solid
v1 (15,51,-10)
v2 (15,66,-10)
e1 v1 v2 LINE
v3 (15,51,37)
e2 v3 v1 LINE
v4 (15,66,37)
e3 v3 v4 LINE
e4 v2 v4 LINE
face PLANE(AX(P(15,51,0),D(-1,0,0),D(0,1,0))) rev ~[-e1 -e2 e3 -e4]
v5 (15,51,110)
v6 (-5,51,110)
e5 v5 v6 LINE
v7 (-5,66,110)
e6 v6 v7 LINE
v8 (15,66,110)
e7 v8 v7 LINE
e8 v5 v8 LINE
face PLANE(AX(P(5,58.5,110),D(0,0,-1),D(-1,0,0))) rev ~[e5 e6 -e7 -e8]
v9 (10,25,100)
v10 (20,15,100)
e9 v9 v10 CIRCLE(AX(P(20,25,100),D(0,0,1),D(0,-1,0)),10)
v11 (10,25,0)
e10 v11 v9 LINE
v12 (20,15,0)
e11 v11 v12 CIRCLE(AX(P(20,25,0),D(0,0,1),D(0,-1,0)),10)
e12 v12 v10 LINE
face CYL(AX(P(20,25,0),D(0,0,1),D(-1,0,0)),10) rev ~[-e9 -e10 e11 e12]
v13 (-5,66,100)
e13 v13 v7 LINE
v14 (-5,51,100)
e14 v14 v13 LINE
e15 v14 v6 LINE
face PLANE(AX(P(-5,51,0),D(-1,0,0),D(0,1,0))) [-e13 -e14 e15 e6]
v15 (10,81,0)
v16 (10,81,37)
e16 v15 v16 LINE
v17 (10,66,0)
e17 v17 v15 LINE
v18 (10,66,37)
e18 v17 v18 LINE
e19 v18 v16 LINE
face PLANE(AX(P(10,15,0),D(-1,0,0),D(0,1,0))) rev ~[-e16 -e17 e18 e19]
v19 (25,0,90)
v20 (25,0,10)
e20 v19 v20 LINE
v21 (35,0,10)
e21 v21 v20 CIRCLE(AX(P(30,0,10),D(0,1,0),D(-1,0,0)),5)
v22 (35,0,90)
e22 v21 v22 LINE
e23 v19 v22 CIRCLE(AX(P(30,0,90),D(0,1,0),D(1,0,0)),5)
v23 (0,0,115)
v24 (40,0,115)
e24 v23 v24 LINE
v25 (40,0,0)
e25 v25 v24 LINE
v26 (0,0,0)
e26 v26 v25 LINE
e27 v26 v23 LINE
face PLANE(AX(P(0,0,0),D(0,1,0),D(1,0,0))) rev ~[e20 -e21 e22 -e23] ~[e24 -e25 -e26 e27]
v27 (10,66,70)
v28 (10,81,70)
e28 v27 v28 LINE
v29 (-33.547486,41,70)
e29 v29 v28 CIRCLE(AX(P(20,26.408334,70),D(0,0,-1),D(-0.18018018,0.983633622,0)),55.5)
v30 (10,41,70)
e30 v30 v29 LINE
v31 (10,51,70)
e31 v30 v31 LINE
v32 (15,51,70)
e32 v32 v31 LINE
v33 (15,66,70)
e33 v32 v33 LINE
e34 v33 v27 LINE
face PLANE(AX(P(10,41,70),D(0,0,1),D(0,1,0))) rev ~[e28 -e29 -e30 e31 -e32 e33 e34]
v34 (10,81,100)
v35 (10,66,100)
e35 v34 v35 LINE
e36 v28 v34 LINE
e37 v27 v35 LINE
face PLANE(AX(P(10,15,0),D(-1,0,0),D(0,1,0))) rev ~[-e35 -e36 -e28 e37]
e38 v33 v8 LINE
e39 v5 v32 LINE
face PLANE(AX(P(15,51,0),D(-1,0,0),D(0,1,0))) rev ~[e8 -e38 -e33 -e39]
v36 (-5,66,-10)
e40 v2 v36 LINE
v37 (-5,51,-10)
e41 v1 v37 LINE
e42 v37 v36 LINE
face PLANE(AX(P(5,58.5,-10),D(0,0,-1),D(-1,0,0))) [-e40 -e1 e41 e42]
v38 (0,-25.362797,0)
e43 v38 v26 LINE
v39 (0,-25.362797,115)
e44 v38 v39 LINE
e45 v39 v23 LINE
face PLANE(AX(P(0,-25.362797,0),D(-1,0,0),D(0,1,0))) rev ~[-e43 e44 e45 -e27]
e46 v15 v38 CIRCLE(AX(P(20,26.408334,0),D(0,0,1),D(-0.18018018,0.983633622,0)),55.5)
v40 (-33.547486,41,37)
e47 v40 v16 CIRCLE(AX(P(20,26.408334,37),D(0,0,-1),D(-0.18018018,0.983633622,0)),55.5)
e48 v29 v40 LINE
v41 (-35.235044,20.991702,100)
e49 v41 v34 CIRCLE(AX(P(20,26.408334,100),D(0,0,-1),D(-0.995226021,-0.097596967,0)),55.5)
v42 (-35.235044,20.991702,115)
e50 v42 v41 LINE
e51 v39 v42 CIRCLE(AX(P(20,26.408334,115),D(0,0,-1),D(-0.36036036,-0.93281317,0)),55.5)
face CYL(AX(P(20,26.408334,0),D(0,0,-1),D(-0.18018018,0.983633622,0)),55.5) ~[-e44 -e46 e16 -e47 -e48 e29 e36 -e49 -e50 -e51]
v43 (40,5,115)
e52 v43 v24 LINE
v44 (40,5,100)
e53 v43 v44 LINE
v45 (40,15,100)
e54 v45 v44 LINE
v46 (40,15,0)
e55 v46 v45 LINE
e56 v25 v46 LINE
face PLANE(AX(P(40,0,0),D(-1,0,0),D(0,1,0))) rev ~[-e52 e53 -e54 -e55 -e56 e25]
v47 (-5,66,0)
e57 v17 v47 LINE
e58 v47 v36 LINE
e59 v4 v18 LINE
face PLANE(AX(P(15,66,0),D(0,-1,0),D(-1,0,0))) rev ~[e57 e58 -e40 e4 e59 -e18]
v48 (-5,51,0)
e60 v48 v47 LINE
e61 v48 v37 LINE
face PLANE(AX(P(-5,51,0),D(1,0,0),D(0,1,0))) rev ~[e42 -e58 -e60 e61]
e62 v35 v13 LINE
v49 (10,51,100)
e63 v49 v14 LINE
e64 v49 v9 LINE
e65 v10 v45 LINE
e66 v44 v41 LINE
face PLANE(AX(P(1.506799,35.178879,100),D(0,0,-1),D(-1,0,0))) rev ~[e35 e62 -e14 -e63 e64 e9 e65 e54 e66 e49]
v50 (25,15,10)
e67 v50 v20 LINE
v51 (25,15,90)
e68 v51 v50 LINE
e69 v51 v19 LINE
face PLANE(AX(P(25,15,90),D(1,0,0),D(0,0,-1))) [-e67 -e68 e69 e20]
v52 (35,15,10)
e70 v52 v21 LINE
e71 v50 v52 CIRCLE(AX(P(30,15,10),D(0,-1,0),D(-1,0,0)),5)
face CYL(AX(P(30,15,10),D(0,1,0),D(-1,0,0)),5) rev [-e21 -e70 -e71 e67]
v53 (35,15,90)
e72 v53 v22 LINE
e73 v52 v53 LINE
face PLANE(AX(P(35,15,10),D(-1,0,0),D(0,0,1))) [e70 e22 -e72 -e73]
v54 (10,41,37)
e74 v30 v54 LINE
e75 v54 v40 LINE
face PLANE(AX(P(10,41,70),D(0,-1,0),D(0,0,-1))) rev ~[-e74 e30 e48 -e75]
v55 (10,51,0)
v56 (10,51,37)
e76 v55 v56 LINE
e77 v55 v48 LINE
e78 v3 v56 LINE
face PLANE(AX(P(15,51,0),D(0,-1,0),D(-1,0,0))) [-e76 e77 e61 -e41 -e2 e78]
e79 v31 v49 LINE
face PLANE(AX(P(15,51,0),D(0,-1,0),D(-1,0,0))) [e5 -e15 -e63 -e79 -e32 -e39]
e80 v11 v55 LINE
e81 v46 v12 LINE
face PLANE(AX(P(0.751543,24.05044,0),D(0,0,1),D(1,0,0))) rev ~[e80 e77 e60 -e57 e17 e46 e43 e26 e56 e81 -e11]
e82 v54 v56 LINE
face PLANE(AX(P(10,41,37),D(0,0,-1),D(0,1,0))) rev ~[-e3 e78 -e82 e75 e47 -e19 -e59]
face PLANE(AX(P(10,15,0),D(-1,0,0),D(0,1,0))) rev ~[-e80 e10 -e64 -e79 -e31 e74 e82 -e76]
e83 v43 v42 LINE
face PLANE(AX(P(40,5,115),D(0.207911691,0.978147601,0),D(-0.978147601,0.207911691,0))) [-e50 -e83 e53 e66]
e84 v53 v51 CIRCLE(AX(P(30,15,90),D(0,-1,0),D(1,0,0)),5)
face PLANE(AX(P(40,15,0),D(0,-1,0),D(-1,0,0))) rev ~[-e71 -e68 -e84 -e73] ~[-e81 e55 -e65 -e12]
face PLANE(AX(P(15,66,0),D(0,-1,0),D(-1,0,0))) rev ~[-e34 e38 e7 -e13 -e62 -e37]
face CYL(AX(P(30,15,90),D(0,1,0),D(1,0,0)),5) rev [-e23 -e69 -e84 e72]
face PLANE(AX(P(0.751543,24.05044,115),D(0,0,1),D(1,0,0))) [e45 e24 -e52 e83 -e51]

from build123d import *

# Parameters (mm, degrees)
BOSS_EXTRUDE1_DEPTH      = 115
CUT_EXTRUDE1_DEPTH       = 1
CUT_EXTRUDE1_DEPTH_BACK  = 15
SKETCH3_W                = 20
SKETCH3_H                = 15
BOSS_EXTRUDE2_DEPTH      = 10
BOSS_EXTRUDE2_DEPTH_BACK = 110
SKETCH4_W                = 33
SKETCH4_H                = 40
CUT_EXTRUDE2_DEPTH       = 31
CUT_EXTRUDE2_DEPTH_BACK  = 46.5
CUT_EXTRUDE4_DEPTH       = 67
CUT_EXTRUDE4_DEPTH_BACK  = 41.362796982
FILLET1_R                = 10


with BuildPart() as part:
    # Sketch1 → Boss-Extrude1 (new body)
    with BuildSketch(Plane.XY):
        with BuildLine():
            Line((0, 0), (40, 0))
            Line((40, 0), (40, 15))
            Line((40, 15), (10, 15))
            Line((10, 15), (10, 81))
            ThreePointArc((10, 81), (-35.256322222, 31.603413808), (0, -25.362796982))
            Line((0, -25.362796982), (0, 0))
        make_face()
    extrude(amount=BOSS_EXTRUDE1_DEPTH)

    # Sketch2 → Cut-Extrude1 (cut, two sides)
    with BuildSketch(Plane.XY.offset(115)) as cut_extrude1_sk:
        with BuildLine():
            Line((40, 5), (-35.235044142, 20.9917023))
            ThreePointArc((-35.235044142, 20.9917023), (-24.318751046, 59.816391467), (10, 81))
            Line((10, 81), (10, 15))
            Line((10, 15), (40, 15))
            Line((40, 15), (40, 5))
        make_face()
    extrude(amount=CUT_EXTRUDE1_DEPTH, mode=Mode.SUBTRACT)
    extrude(cut_extrude1_sk.sketch, amount=-CUT_EXTRUDE1_DEPTH_BACK, mode=Mode.SUBTRACT)

    # Sketch3 → Boss-Extrude2 (add, two sides)
    with BuildSketch(Plane(origin=(0, 0, 0), x_dir=(-1, 0, 0), z_dir=(0, 0, -1))) as boss_extrude2_sk:
        with Locations((-5, 58.5)):
            Rectangle(SKETCH3_W, SKETCH3_H)
    extrude(amount=BOSS_EXTRUDE2_DEPTH)
    extrude(boss_extrude2_sk.sketch, amount=-BOSS_EXTRUDE2_DEPTH_BACK)

    # Sketch4 → Cut-Extrude2 (cut, two sides)
    with BuildSketch(Plane(origin=(10, 0, 0), x_dir=(0, 0, -1), z_dir=(1, 0, 0))) as cut_extrude2_sk:
        with Locations((-53.5, 61)):
            Rectangle(SKETCH4_W, SKETCH4_H)
    extrude(amount=CUT_EXTRUDE2_DEPTH, mode=Mode.SUBTRACT)
    extrude(cut_extrude2_sk.sketch, amount=-CUT_EXTRUDE2_DEPTH_BACK, mode=Mode.SUBTRACT)

    # Sketch6 → Cut-Extrude4 (cut, two sides)
    with BuildSketch(Plane(origin=(0, 15, 0), x_dir=(1, 0, 0), z_dir=(0, 1, 0))) as cut_extrude4_sk:
        with BuildLine():
            Line((35, -10), (35, -90))
            ThreePointArc((35, -90), (30, -95), (25, -90))
            Line((25, -90), (25, -10))
            ThreePointArc((25, -10), (30, -5), (35, -10))
        make_face()
    extrude(amount=CUT_EXTRUDE4_DEPTH, mode=Mode.SUBTRACT)
    extrude(cut_extrude4_sk.sketch, amount=-CUT_EXTRUDE4_DEPTH_BACK, mode=Mode.SUBTRACT)

    # Fillet1
    fillet1_edges = [part.edges().sort_by_distance(p)[0] for p in [
        (10, 15, 50),
    ]]
    fillet(fillet1_edges, radius=FILLET1_R)


solid = part.part
